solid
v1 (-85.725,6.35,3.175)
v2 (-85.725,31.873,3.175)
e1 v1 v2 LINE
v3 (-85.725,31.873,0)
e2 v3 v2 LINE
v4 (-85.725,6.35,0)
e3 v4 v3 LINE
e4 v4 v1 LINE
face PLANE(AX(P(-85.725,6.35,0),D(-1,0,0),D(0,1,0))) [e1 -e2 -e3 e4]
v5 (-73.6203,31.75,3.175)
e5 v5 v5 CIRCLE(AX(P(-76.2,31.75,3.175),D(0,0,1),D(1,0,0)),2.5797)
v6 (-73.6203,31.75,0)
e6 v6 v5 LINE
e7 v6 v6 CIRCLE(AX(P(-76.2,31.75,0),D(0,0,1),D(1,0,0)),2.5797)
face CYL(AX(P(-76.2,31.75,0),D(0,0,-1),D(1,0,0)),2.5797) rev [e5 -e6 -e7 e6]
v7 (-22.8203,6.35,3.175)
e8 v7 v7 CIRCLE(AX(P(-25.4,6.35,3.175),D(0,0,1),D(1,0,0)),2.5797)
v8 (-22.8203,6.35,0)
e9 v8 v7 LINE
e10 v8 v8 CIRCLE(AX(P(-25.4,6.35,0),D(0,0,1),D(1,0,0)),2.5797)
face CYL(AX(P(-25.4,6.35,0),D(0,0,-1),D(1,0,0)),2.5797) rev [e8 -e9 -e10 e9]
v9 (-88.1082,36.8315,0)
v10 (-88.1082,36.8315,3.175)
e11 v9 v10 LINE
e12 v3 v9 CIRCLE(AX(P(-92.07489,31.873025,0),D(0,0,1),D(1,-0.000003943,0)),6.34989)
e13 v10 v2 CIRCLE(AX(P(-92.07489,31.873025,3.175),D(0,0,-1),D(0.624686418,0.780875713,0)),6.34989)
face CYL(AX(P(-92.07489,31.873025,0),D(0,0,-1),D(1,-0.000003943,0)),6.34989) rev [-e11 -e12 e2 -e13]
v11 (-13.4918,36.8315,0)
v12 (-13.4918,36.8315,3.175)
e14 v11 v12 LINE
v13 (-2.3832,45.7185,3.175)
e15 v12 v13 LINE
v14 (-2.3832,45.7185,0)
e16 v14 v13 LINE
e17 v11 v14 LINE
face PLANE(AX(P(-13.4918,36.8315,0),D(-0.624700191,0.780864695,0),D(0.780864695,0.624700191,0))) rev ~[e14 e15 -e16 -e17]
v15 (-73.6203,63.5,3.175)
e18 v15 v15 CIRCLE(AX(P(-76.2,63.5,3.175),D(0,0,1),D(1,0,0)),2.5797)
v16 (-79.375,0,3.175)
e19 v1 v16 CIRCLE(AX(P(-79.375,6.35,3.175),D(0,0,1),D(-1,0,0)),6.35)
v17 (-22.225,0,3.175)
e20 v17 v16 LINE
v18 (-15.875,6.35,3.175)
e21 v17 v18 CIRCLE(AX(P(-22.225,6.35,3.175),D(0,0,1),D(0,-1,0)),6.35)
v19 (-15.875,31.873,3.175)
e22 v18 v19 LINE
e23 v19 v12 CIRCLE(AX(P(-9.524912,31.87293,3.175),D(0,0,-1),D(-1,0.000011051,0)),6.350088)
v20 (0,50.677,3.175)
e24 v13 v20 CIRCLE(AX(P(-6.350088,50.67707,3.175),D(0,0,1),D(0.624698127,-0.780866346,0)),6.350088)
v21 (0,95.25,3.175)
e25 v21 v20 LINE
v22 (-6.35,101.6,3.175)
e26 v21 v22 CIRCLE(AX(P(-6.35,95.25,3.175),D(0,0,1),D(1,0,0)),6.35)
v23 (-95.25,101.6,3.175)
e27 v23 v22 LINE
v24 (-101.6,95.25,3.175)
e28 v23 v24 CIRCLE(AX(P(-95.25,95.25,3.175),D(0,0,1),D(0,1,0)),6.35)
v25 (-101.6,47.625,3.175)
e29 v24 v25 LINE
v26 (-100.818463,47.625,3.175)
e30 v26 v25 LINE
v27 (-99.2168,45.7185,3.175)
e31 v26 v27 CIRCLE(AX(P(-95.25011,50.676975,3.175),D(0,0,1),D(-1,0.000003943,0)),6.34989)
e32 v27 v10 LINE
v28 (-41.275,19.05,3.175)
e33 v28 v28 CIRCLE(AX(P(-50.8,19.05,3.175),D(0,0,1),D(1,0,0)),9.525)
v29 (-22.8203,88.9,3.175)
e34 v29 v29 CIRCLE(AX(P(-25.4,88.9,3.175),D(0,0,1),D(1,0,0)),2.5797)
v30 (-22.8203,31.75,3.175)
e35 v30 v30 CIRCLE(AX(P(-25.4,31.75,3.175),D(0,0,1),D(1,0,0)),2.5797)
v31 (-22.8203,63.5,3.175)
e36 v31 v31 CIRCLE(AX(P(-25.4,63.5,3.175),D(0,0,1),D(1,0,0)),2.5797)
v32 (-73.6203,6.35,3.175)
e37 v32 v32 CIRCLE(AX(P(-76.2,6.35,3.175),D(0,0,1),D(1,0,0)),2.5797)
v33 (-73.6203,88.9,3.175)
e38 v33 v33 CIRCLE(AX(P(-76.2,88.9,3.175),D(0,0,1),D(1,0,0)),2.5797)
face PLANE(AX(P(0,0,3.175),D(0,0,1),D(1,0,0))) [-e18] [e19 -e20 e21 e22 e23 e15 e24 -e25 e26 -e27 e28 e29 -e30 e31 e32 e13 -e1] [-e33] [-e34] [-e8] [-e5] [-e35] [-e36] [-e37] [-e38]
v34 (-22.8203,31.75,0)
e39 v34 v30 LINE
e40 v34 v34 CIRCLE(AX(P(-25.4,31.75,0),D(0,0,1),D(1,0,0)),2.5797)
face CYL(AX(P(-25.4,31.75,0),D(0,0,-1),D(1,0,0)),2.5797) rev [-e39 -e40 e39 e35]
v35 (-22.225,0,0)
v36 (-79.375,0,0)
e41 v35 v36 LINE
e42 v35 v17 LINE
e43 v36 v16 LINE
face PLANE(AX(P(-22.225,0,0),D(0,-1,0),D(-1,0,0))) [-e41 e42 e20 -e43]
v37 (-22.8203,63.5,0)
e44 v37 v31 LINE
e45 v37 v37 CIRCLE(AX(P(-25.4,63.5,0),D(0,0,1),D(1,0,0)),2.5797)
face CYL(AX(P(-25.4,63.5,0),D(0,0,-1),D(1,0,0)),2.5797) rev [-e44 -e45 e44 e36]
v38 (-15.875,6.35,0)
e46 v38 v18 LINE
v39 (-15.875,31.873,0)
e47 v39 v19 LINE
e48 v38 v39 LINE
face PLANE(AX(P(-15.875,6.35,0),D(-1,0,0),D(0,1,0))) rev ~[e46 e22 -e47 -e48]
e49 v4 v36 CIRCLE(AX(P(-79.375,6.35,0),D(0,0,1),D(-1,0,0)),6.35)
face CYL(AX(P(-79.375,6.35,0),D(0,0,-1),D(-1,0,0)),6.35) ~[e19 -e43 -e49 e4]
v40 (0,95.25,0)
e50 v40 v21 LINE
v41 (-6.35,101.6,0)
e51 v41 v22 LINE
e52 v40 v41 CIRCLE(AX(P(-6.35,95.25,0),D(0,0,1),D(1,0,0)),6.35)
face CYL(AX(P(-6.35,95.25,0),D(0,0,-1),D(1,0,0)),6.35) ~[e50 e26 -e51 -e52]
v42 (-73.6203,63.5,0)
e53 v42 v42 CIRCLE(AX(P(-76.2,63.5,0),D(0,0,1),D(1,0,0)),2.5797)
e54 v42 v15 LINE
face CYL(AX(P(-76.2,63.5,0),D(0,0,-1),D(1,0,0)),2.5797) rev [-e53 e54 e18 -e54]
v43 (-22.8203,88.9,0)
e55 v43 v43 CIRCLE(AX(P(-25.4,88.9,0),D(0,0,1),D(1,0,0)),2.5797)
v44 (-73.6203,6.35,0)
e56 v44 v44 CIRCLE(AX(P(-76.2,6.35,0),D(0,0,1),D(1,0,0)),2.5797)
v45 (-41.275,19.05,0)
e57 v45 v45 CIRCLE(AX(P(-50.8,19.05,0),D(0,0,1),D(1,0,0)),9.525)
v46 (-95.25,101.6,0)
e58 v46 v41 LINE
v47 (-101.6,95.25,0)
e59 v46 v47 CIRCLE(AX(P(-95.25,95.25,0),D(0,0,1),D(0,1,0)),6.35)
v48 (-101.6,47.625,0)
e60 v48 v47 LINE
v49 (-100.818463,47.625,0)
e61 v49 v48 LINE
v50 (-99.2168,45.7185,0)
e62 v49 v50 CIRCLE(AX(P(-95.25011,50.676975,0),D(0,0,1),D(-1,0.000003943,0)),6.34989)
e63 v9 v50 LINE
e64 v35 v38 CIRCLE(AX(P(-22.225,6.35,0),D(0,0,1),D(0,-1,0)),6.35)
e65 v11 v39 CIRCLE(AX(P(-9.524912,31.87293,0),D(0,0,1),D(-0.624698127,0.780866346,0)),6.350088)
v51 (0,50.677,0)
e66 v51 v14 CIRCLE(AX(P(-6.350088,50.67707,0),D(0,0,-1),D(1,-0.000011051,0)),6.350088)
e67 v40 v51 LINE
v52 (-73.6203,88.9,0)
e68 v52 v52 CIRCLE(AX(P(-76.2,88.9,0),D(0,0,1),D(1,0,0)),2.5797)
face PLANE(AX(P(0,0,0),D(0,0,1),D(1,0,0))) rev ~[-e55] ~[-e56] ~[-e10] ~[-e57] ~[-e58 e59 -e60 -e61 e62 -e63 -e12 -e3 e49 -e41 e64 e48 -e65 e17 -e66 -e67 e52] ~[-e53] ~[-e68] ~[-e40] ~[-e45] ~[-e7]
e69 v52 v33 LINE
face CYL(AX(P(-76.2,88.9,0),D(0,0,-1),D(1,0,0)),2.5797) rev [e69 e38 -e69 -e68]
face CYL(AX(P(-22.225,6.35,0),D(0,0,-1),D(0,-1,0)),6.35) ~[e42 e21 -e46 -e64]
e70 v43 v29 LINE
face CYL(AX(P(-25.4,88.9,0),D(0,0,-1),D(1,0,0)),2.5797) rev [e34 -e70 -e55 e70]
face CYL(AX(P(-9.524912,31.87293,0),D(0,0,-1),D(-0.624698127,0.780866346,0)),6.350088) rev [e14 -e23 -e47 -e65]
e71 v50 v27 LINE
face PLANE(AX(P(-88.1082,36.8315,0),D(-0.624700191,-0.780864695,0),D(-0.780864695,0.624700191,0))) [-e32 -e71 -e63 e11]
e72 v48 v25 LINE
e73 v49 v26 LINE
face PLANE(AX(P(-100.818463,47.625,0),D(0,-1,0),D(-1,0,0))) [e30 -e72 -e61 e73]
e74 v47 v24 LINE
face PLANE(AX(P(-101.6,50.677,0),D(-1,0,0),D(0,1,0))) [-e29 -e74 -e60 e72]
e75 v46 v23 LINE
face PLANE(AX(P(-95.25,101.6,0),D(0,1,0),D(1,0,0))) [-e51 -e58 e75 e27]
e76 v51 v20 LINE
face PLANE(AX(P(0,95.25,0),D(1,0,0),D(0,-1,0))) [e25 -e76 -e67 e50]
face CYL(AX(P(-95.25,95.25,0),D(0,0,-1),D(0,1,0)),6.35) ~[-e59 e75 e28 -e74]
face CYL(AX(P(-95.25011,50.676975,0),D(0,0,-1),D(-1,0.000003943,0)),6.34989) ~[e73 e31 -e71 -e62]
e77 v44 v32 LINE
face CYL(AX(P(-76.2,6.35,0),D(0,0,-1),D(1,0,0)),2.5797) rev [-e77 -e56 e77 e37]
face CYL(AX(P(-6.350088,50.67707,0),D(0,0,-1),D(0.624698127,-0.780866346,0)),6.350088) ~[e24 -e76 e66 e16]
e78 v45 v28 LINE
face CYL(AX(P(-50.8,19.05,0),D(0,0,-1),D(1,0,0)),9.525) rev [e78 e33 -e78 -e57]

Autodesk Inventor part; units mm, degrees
ref_plane "YZ Plane" through (0, 0, 0) normal (1, 0, 0) x (0, 1, 0)
ref_plane "XZ Plane" through (0, 0, 0) normal (0, 1, 0) x (-1, 0, 0)
ref_plane "XY Plane" through (0, 0, 0) normal (0, 0, 1) x (1, 0, 0)
sketch "Sketch1" plane through (0, 0, 0) normal (0, 0, 1) x (1, 0, 0)
  line L0 (0, 0) -> (-101.6, 0)
  line L1 (-101.6, 0) -> (-101.6, 101.6)
  line L2 (-95.25, 101.6) -> (0, 101.6)
  circle A0 centre (-76.2, 88.9) radius 2.5797
  circle A1 centre (-76.2, 63.5) radius 2.5797
  circle A2 centre (-25.4, 88.9) radius 2.5797
  circle A3 centre (-25.4, 63.5) radius 2.5797
  circle A4 centre (-50.8, 19.05) radius 9.525
  circle A5 centre (-76.2, 31.75) radius 2.5797
  circle A6 centre (-76.2, 6.35) radius 2.5797
  circle A7 centre (-25.4, 31.75) radius 2.5797
  circle A8 centre (-25.4, 6.35) radius 2.5797
  line L3 (-22.225, 0) -> (-79.375, 0)
  line L4 (-101.6, 50.677) -> (-101.6, 95.25)
  line L5 (-101.6, 101.6) -> (-6.35, 101.6)
  line L6 (0, 0) -> (-15.875, 0)
  line L7 (-15.875, 6.35) -> (-15.875, 31.873)
  line L8 (-101.6, 0) -> (-85.725, 0)
  line L9 (-85.725, 6.35) -> (-85.725, 31.873)
  line L10 (-85.725, 47.625) -> (-101.6, 47.625)
  line L11 (-101.6, 47.625) -> (-101.6, 0)
  line L12 (-101.6, 47.625) -> (-88.8573, 47.625)
  line L13 (-101.6, 26.0622) -> (-101.6, 47.625)
  line L14 (0, 95.25) -> (0, 50.677)
  line L15 (-15.875, 47.625) -> (0, 47.625)
  line L16 (-15.875, 47.625) -> (0, 47.625)
  line L17 (0, 47.625) -> (0, 34.925)
  line L18 (0, 34.925) -> (-15.875, 34.925)
  line L19 (-15.875, 34.925) -> (-15.875, 47.625)
  line L20 (-85.725, 47.625) -> (-101.6, 47.625)
  line L21 (-101.6, 47.625) -> (-101.6, 34.925)
  line L22 (-101.6, 34.925) -> (-85.725, 34.925)
  line L23 (-85.725, 34.925) -> (-85.725, 47.625)
  line L24 (-101.6, 41.275) -> (-85.725, 41.275)
  line L25 (-13.4918, 36.8315) -> (-2.3832, 45.7185)
  line L26 (-88.1082, 36.8315) -> (-99.2168, 45.7185)
  arc A9 (-101.6, 50.677) -> (-99.2168, 45.7185) centre (-95.25, 50.677) ccw
  arc A10 (-85.725, 31.873) -> (-88.1082, 36.8315) centre (-92.075, 31.873) ccw
  arc A11 (-2.3832, 45.7185) -> (0, 50.677) centre (-6.35, 50.677) ccw
  arc A12 (-13.4918, 36.8315) -> (-15.875, 31.873) centre (-9.525, 31.873) ccw
  arc A13 (-22.225, 0) -> (-15.875, 6.35) centre (-22.225, 6.35) ccw
  arc A14 (-85.725, 6.35) -> (-79.375, 0) centre (-79.375, 6.35) ccw
  arc A15 (0, 95.25) -> (-6.35, 101.6) centre (-6.35, 95.25) ccw
  arc A16 (-95.25, 101.6) -> (-101.6, 95.25) centre (-95.25, 95.25) ccw
  point P0 (0, 101.6)
  point P1 (0, 88.9)
  point P2 (-100.8185, 47.625)
  point P3 (-6.35, 101.6)
  point P4 (-101.6, 95.25)
  point P5 (-95.25, 101.6)
  dimension "d0" = 101.6
  dimension "d1" = 101.6
  dimension "d4" = 25.4
  dimension "d7" = 50.8
  dimension "d10" = 12.7
  dimension "d11" = 25.4
  dimension "d12" = 5.1594
  dimension "d13" = 19.05
  dimension "d14" = 5.1594
  dimension "d17" = 25.4
  dimension "d20" = 50.8
  dimension "d23" = 25.4
  dimension "d24" = 6.35
  dimension "d26" = 50.8
  dimension "d29" = 12.7
  dimension "d30" = 101.6
  dimension "d31" = 101.6
  dimension "d32" = 15.875
  dimension "d34" = 101.6
  dimension "d35" = 12.7
  dimension "d36" = 41.275
  dimension "d37" = 6.35
  dimension "d38" = 6.35
  dimension "d39" = 6.35
  dimension "d40" = 88.8572
  dimension "d41" = 21.5628
  dimension "d42" = 6.35
extrude "Extrusion1" add sketch "Sketch1" along normal blind 3.175 contours L0 A14 L9 A10 L22 L23 L10 A9 L1 A16 L2 A15 L14 A11 L15 L19 L18 A12 L7 A13 | L18 L19 L15 A11 L25 A12 | A10 L26 L24 L23 L22 | L24 L26 A9 L10 L23 | L1 A9 L10
properties part number "Dipper Plate"
